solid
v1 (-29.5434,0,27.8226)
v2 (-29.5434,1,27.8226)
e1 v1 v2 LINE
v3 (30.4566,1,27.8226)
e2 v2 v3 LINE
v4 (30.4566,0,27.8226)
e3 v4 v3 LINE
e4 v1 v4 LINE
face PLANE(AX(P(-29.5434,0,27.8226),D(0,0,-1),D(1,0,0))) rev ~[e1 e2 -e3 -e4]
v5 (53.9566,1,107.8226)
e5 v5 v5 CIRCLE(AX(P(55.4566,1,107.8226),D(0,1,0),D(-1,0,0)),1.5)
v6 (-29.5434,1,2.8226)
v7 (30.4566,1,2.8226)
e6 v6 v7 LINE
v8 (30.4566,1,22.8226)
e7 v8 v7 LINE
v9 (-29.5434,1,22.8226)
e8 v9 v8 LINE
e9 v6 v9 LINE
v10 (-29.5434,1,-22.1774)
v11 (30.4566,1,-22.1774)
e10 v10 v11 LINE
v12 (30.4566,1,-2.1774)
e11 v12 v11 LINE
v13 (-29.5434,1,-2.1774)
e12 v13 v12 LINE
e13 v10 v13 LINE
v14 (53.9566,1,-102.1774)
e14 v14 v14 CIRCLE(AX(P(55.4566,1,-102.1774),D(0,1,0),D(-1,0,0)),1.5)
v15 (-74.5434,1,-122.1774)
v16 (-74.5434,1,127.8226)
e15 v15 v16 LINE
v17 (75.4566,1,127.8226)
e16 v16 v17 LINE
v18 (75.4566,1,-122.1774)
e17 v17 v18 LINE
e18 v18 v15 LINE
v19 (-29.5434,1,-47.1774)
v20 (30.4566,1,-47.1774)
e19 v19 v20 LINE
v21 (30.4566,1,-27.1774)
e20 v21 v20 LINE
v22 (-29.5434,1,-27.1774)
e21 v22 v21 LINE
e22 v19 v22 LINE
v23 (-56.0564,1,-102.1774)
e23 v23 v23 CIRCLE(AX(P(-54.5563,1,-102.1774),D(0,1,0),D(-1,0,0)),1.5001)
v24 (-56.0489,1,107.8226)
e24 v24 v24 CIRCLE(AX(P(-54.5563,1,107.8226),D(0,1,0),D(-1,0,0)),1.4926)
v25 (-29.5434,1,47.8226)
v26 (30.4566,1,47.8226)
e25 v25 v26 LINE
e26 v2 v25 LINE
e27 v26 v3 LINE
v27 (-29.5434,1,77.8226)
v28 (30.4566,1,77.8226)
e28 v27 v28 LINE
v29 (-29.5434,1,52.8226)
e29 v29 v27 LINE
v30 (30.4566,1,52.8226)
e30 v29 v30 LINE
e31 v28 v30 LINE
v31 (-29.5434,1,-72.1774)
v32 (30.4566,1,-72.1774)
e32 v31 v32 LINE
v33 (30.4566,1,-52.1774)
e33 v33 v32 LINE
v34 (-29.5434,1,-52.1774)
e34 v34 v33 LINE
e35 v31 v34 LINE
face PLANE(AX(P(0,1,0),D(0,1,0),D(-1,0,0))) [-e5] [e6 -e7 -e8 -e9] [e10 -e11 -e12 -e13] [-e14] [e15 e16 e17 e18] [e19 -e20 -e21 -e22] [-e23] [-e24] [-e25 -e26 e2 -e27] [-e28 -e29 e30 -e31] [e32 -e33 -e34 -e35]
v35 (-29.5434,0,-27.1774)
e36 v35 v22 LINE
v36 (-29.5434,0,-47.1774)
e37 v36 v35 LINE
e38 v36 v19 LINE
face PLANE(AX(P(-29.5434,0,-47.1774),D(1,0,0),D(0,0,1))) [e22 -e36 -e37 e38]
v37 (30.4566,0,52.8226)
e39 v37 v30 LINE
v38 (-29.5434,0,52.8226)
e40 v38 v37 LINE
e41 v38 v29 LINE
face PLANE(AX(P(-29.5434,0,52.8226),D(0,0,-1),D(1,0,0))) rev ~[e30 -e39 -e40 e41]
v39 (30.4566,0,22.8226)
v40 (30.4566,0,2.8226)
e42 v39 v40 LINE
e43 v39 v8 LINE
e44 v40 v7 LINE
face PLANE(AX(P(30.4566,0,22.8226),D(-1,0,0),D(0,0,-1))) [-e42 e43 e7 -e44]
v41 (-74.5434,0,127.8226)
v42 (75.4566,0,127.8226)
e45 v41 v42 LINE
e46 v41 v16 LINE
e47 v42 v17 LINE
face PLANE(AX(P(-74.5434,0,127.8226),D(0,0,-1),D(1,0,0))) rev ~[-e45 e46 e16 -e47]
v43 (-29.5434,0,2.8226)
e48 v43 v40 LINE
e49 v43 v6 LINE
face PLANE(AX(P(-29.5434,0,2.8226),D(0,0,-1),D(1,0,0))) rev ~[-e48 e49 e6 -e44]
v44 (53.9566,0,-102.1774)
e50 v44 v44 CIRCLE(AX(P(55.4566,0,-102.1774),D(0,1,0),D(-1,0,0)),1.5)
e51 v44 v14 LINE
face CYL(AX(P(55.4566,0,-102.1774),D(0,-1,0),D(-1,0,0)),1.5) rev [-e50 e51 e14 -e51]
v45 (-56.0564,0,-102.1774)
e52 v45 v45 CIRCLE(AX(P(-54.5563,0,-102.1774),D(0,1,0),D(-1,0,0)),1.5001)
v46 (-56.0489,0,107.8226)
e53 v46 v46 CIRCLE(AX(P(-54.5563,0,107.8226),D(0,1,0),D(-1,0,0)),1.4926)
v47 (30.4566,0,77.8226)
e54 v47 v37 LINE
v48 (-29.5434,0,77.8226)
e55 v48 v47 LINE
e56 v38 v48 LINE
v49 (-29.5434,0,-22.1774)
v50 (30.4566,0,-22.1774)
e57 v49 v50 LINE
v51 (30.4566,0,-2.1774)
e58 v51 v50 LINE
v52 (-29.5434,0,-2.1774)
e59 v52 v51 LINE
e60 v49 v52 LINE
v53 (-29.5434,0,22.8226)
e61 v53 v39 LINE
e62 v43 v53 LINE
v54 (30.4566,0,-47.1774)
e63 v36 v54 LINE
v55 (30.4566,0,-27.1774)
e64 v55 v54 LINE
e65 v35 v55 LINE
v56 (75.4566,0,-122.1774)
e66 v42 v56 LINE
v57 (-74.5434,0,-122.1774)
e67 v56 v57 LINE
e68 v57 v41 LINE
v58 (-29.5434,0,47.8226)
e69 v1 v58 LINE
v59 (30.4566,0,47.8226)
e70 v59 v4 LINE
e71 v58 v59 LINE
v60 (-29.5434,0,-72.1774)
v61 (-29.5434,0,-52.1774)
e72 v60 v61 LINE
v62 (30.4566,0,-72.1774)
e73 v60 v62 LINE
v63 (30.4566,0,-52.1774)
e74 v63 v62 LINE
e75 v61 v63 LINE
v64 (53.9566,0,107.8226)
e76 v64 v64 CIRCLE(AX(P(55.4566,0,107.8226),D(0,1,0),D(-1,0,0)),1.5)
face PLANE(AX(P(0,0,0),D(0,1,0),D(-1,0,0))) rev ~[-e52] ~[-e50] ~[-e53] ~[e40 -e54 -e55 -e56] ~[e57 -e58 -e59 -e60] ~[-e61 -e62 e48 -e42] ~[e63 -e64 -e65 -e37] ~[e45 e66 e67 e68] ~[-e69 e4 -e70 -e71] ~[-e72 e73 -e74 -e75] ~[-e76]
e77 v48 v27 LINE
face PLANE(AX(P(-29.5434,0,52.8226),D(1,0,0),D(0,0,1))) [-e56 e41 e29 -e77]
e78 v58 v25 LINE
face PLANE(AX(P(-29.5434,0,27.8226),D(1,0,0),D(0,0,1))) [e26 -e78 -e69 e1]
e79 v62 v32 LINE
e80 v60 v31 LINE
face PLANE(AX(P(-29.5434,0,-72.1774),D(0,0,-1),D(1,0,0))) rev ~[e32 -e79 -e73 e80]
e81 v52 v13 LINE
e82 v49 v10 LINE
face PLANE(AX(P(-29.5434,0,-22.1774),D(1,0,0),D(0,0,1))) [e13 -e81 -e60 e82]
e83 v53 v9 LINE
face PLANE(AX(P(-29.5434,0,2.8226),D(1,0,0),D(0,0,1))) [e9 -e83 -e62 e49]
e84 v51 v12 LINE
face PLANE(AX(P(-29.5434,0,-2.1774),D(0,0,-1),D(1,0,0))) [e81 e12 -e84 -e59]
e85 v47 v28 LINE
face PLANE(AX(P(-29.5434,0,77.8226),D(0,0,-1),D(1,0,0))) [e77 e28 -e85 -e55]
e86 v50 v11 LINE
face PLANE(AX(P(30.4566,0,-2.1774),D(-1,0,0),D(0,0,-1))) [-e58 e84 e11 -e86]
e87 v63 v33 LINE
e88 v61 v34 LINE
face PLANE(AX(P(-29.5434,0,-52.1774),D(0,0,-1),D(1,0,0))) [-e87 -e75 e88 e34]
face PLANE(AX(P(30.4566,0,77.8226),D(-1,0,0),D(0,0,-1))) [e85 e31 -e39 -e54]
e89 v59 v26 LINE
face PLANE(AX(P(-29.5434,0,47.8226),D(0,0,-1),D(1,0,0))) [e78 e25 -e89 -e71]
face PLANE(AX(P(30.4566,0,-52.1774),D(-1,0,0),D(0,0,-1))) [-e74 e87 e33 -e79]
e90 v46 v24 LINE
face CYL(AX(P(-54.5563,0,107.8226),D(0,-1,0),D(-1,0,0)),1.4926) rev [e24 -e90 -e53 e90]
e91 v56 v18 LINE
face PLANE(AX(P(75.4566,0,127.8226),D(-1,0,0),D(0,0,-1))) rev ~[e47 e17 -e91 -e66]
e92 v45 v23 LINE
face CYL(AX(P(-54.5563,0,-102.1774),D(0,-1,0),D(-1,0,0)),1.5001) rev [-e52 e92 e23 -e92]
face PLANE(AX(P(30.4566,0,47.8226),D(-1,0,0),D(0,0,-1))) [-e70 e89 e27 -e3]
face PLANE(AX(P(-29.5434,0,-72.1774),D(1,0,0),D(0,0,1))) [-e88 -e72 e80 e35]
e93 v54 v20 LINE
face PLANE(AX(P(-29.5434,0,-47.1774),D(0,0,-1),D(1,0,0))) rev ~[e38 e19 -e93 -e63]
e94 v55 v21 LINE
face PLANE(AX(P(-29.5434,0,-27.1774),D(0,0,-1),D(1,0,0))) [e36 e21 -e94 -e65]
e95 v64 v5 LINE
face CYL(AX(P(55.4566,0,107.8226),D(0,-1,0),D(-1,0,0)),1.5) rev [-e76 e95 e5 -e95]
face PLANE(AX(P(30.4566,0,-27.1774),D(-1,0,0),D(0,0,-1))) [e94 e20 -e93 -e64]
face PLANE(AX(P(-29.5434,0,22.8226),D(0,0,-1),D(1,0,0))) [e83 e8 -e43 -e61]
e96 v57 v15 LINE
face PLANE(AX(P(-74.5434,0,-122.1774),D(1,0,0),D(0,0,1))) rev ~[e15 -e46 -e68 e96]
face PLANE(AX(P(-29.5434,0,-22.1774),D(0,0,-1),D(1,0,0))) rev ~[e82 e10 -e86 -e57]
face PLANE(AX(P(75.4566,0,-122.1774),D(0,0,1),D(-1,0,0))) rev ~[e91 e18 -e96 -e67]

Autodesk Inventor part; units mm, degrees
ref_plane "YZ Plane" through (0, 0, 0) normal (1, 0, 0) x (0, 1, 0)
ref_plane "XZ Plane" through (0, 0, 0) normal (0, 1, 0) x (-1, 0, 0)
ref_plane "XY Plane" through (0, 0, 0) normal (0, 0, 1) x (1, 0, 0)
sketch "Boceto1" plane through (0, 0, 0) normal (0, 1, 0) x (-1, 0, 0)
  line L0 (64.5434, 117.8226) -> (-65.4566, 117.8226)
  line L1 (-65.4566, 117.8226) -> (64.5434, 117.8226)
  line L2 (64.5434, 117.8226) -> (64.5434, -112.1774)
  line L3 (64.5434, -112.1774) -> (-65.4566, -112.1774)
  line L4 (-65.4566, -112.1774) -> (-65.4566, 117.8226)
  circle A0 centre (-55.4566, 107.8226) radius 1.5
  circle A1 centre (-55.4566, 107.8226) radius 1.5
  circle A2 centre (-55.4566, -102.1774) radius 1.5
  circle A3 centre (-55.4566, -102.1774) radius 1.5
  circle A4 centre (54.5563, -102.1774) radius 1.5001
  circle A5 centre (54.5563, 107.8226) radius 1.4926
  line L5 (74.5434, -122.1774) -> (74.5434, 127.8226)
  line L6 (74.5434, 127.8226) -> (-75.4566, 127.8226)
  line L7 (-75.4566, 127.8226) -> (-75.4566, -122.1774)
  line L8 (-75.4566, -122.1774) -> (74.5434, -122.1774)
  line L9 (29.5434, 77.8226) -> (-30.4566, 77.8226)
  line L10 (-30.4566, 77.8226) -> (-30.4566, -82.1774)
  line L11 (29.5434, -82.1774) -> (29.5434, 77.8226)
  line L12 (29.5434, 52.8226) -> (-30.4566, 52.8226)
  line L13 (29.5434, 47.8226) -> (-30.4566, 47.8226)
  line L14 (29.5434, 22.8226) -> (-30.4566, 22.8226)
  line L15 (29.5434, 27.8226) -> (-30.4566, 27.8226)
  line L16 (29.5434, -2.1774) -> (-30.4566, -2.1774)
  line L17 (29.5434, 2.8226) -> (-30.4566, 2.8226)
  line L18 (29.5434, -27.1774) -> (-30.4566, -27.1774)
  line L19 (29.5434, -22.1774) -> (-30.4566, -22.1774)
  line L20 (29.5434, -52.1774) -> (-30.4566, -52.1774)
  line L21 (29.5434, -47.1774) -> (-30.4566, -47.1774)
  line L22 (29.5434, -77.1774) -> (-30.4566, -77.1774)
  line L23 (29.5434, -72.1774) -> (-30.4566, -72.1774)
  point P0 (0, 0)
  dimension "d0" = 10
  dimension "d1" = 60
  dimension "d2" = 160
  dimension "d3" = 45
  dimension "d6" = 50
  dimension "d7" = 25
  dimension "d8" = 5
  dimension "d11" = 25
extrude "Extrusión1" add sketch "Boceto1" along normal blind 1 contours L2 L3 L4 L0 | L8 L7 L6 L5 | L11 L13 L10 L12 | L11 L14 L10 L15 | L11 L16 L10 L17 | L11 L18 L10 L19 | L11 L20 L10 L21 | L11 L22 L10 L23
properties part number "tapa"
